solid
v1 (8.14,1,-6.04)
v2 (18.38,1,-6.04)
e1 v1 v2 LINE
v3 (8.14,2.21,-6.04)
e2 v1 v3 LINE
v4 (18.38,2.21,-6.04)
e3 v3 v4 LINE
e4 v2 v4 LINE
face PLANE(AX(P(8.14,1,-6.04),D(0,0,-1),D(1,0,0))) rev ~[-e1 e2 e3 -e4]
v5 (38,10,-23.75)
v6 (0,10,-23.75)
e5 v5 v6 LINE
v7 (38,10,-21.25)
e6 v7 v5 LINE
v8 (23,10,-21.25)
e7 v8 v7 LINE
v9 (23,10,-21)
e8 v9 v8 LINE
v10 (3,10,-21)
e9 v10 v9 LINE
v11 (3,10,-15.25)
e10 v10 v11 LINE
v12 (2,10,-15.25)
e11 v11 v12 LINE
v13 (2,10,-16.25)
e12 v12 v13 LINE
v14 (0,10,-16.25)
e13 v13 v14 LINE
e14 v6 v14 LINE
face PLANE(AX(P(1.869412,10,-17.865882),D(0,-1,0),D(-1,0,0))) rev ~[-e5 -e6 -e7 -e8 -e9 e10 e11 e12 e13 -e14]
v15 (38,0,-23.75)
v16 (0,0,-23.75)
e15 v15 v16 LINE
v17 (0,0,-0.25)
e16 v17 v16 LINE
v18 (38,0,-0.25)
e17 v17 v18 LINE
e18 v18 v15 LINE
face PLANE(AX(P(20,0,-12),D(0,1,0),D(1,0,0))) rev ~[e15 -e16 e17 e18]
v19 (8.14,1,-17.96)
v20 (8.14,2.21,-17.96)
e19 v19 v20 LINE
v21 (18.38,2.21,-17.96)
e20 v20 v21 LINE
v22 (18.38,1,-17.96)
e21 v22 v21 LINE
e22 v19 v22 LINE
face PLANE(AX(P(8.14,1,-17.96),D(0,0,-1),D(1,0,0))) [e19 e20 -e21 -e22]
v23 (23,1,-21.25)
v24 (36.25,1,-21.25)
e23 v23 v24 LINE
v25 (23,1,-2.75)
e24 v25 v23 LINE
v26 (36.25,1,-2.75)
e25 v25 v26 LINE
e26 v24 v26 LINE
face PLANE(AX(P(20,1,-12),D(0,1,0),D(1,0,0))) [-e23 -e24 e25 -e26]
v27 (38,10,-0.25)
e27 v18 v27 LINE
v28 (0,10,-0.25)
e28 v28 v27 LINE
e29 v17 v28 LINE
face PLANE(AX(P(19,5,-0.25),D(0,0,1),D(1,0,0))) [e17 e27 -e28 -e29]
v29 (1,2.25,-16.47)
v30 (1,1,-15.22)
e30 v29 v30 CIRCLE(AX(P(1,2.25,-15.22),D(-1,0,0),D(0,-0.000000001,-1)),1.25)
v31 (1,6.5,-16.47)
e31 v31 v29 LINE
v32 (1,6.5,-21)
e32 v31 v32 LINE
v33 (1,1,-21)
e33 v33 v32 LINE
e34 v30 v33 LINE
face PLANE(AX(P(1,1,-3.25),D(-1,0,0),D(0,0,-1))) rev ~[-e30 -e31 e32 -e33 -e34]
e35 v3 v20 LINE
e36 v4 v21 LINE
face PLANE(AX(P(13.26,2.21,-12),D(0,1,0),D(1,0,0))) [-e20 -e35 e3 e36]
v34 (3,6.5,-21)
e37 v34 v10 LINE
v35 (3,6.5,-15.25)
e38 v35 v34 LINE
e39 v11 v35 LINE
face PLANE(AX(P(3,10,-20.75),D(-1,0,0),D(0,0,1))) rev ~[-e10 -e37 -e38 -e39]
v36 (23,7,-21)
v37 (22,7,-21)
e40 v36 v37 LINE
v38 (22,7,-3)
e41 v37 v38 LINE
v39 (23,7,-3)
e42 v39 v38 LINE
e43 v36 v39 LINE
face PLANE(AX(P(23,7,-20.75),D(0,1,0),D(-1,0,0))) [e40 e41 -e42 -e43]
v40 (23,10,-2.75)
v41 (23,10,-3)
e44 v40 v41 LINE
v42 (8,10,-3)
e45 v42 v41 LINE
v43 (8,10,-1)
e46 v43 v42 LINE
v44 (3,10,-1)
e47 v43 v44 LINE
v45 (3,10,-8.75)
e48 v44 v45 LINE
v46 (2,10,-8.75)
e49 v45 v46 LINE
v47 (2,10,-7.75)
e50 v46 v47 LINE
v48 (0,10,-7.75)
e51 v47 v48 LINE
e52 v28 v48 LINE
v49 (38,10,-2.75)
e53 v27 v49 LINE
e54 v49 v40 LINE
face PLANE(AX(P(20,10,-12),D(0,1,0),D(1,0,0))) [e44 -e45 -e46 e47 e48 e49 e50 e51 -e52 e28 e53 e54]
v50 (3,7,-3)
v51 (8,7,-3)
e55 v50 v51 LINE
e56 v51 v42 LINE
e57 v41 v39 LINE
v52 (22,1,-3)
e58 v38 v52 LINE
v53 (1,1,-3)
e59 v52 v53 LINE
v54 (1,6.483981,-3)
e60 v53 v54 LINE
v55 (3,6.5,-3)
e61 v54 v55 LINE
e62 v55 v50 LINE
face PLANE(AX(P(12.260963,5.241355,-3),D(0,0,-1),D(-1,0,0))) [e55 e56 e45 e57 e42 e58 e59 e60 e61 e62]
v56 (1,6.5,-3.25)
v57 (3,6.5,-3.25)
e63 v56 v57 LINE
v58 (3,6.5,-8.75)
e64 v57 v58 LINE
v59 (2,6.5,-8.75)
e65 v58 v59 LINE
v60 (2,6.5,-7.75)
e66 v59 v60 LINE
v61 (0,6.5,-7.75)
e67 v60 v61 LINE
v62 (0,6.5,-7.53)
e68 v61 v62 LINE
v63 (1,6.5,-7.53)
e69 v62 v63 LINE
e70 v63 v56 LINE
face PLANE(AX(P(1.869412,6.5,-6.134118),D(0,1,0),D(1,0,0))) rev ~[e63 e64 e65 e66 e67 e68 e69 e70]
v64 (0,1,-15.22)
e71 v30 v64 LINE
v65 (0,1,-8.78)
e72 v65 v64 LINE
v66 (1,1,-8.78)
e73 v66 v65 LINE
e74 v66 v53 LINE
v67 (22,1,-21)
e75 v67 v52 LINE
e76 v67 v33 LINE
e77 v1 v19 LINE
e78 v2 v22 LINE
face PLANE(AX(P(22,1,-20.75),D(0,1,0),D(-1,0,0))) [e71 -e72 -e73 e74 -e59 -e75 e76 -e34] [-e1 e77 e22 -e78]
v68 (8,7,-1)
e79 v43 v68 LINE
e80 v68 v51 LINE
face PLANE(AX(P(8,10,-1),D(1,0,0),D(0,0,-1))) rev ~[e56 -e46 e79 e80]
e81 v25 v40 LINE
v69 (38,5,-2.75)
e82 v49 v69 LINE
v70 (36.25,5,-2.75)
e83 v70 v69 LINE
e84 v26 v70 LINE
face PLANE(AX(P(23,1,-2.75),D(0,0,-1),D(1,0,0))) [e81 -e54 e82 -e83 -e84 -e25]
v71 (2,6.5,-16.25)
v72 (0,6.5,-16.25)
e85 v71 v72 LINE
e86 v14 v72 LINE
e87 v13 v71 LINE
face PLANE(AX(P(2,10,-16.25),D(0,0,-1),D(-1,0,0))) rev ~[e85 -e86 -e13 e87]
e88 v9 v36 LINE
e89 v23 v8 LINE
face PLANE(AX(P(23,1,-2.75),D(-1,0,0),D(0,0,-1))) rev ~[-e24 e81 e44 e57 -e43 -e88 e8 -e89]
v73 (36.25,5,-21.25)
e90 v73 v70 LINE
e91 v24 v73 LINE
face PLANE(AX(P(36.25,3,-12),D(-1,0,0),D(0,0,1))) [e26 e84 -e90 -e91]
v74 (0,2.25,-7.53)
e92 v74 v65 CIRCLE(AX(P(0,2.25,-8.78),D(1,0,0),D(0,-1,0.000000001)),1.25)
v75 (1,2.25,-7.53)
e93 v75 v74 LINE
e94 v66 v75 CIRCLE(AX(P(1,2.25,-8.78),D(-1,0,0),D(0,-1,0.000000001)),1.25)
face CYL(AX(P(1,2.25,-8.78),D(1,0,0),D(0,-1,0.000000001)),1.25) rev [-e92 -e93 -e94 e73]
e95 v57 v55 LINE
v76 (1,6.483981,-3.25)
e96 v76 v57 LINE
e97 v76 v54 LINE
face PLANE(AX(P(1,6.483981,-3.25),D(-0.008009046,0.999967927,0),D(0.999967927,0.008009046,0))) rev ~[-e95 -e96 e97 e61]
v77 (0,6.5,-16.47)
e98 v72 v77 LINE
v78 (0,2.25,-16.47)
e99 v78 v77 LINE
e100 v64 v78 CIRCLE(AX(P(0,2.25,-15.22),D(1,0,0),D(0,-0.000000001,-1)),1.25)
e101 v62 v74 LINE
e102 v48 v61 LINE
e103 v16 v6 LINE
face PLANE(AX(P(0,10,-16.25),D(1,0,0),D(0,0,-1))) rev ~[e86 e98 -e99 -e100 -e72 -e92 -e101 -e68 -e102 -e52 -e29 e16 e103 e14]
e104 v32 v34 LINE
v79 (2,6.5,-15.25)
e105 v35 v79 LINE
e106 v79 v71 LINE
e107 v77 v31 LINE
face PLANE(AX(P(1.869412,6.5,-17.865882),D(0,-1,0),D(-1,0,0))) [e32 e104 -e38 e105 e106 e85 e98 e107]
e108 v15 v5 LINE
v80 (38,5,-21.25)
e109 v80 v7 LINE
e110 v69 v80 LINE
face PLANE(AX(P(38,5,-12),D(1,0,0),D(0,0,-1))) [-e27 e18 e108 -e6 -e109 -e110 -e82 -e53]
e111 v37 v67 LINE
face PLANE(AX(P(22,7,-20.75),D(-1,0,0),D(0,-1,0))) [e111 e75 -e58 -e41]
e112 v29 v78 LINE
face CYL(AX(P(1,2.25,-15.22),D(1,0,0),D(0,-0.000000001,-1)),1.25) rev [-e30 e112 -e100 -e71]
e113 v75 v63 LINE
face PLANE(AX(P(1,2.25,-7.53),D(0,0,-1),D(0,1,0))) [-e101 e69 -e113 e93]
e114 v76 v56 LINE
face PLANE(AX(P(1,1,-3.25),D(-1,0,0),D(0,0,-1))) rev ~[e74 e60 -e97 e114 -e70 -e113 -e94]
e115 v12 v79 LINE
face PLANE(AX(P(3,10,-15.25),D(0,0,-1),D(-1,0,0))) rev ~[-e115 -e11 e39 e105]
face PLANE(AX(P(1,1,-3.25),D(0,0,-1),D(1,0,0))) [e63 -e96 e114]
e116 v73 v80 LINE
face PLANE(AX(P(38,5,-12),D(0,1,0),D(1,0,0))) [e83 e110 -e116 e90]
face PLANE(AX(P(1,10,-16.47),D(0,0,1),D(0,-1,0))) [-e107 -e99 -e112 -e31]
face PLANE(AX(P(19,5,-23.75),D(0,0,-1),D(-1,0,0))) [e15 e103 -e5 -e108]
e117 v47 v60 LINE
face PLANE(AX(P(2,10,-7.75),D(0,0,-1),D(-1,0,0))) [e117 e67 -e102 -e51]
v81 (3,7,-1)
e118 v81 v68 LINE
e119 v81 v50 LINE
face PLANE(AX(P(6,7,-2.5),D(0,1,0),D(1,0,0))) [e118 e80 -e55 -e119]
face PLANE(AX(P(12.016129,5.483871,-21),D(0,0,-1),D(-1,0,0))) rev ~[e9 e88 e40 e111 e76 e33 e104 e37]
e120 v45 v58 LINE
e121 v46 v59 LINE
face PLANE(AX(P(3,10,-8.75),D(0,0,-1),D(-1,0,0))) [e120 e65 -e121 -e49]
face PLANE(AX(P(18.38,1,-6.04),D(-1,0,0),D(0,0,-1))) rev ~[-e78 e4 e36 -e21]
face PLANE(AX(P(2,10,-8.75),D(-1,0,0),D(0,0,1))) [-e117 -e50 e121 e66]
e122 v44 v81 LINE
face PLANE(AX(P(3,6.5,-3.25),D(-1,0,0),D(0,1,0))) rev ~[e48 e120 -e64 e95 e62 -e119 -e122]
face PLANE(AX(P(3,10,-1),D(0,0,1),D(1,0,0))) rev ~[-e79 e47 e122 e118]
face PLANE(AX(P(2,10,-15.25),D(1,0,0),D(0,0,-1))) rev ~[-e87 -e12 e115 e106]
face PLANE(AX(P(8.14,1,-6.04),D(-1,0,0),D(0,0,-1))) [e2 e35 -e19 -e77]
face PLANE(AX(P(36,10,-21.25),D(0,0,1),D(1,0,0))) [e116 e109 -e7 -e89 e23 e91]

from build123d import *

# Parameters (mm, degrees)
SKETCH1_W           = 40
SKETCH1_H           = 24
BOSS_EXTRUDE1_DEPTH = 1
SKETCH2_W           = 40
SKETCH2_H           = 24
SKETCH2_W_2         = 21
SKETCH2_H_2         = 17.5
SKETCH2_W_3         = 13
SKETCH2_H_3         = 18.5
BOSS_EXTRUDE3_DEPTH = 9
SKETCH3_W           = 1
SKETCH3_H           = 17.5
CUT_EXTRUDE2_DEPTH  = 3
SKETCH4_W           = 10.24
SKETCH4_H           = 11.92
BOSS_EXTRUDE4_DEPTH = 1.21
CUT_EXTRUDE3_DEPTH  = 2
SKETCH8_W           = 4
SKETCH8_H           = 18.5
CUT_EXTRUDE4_DEPTH  = 5
SKETCH11_W          = 24
SKETCH11_H          = 10
CUT_EXTRUDE5_DEPTH  = 2
SKETCH12_W          = 4
SKETCH12_H          = 3
CUT_EXTRUDE6_DEPTH  = 3
BOSS_EXTRUDE5_DEPTH = 3.5
SKETCH14_W          = 1
SKETCH14_H          = 2.25
CUT_EXTRUDE7_DEPTH  = 3
SKETCH15_W          = 38
SKETCH15_H          = 10
CUT_EXTRUDE8_DEPTH  = 0.25
SKETCH16_W          = 38
SKETCH16_H          = 10
CUT_EXTRUDE9_DEPTH  = 0.25
SKETCH17_W          = 18.5
SKETCH17_H          = 4
CUT_EXTRUDE10_DEPTH = 0.25
CUT_EXTRUDE11_DEPTH = 0.25
CUT_EXTRUDE12_DEPTH = 0.25


with BuildPart() as part:
    # Sketch1 → Boss-Extrude1 (new body)
    with BuildSketch(Plane(origin=(0, 0, 0), x_dir=(1, 0, 0), z_dir=(0, 1, 0))):
        with Locations((20, 12)):
            Rectangle(SKETCH1_W, SKETCH1_H)
    extrude(amount=BOSS_EXTRUDE1_DEPTH)

    # Sketch2 → Boss-Extrude3 (add)
    with BuildSketch(Plane(origin=(0, 1, 0), x_dir=(1, 0, 0), z_dir=(0, 1, 0))):
        with Locations((20, 12)):
            Rectangle(SKETCH2_W, SKETCH2_H)
        with Locations((11.5, 12)):
            Rectangle(SKETCH2_W_2, SKETCH2_H_2, mode=Mode.SUBTRACT)
        with Locations((29.5, 12)):
            Rectangle(SKETCH2_W_3, SKETCH2_H_3, mode=Mode.SUBTRACT)
    extrude(amount=BOSS_EXTRUDE3_DEPTH)

    # Sketch3 → Cut-Extrude2 (cut)
    with BuildSketch(Plane(origin=(0, 10, 0), x_dir=(1, 0, 0), z_dir=(0, 1, 0))):
        with Locations((22.5, 12)):
            Rectangle(SKETCH3_W, SKETCH3_H)
    extrude(amount=-CUT_EXTRUDE2_DEPTH, mode=Mode.SUBTRACT)

    # Sketch4 → Boss-Extrude4 (add)
    with BuildSketch(Plane(origin=(0, 1, 0), x_dir=(1, 0, 0), z_dir=(0, 1, 0))):
        with Locations((13.26, 12)):
            Rectangle(SKETCH4_W, SKETCH4_H)
    extrude(amount=BOSS_EXTRUDE4_DEPTH)

    # Sketch5 → Cut-Extrude3 (cut)
    with BuildSketch(Plane(origin=(1, 0, 0), x_dir=(0, 0, -1), z_dir=(1, 0, 0))):
        with BuildLine():
            Line((7.53, 2.25), (7.53, 2.96))
            Line((7.53, 2.96), (7.53, 10))
            Line((7.53, 10), (16.47, 10))
            Line((16.47, 10), (16.47, 2.96))
            Line((16.47, 2.96), (16.47, 2.25))
            ThreePointArc((16.47, 2.25), (16.103883476, 1.366116524), (15.22, 1))
            Line((15.22, 1), (8.78, 1))
            ThreePointArc((8.78, 1), (7.896116524, 1.366116524), (7.53, 2.25))
        make_face()
    extrude(amount=-CUT_EXTRUDE3_DEPTH, mode=Mode.SUBTRACT)

    # Sketch8 → Cut-Extrude4 (cut)
    with BuildSketch(Plane(origin=(0, 10, 0), x_dir=(1, 0, 0), z_dir=(0, 1, 0))):
        with Locations((38, 12)):
            Rectangle(SKETCH8_W, SKETCH8_H)
    extrude(amount=-CUT_EXTRUDE4_DEPTH, mode=Mode.SUBTRACT)

    # Sketch11 → Cut-Extrude5 (cut)
    with BuildSketch(Plane(origin=(40, 0, 0), x_dir=(0, 0, -1), z_dir=(1, 0, 0))):
        with Locations((12, 5)):
            Rectangle(SKETCH11_W, SKETCH11_H)
    extrude(amount=-CUT_EXTRUDE5_DEPTH, mode=Mode.SUBTRACT)

    # Sketch12 → Cut-Extrude6 (cut)
    with BuildSketch(Plane(origin=(0, 10, 0), x_dir=(1, 0, 0), z_dir=(0, 1, 0))):
        with Locations((6, 2.5)):
            Rectangle(SKETCH12_W, SKETCH12_H)
    extrude(amount=-CUT_EXTRUDE6_DEPTH, mode=Mode.SUBTRACT)

    # Sketch13 → Boss-Extrude5 (add)
    with BuildSketch(Plane(origin=(0, 10, 0), x_dir=(1, 0, 0), z_dir=(0, 1, 0))):
        Polygon((1, 16.47), (1, 20.75), (3, 20.75), (3, 15.25), (2, 15.25), (2, 16.25), (0, 16.25), (0, 16.47), align=None)
        Polygon((1, 3.25), (3, 3.25), (3, 8.75), (2, 8.75), (2, 7.75), (0, 7.75), (0, 7.53), (1, 7.53), align=None)
    extrude(amount=-BOSS_EXTRUDE5_DEPTH)

    # Sketch14 → Cut-Extrude7 (cut)
    with BuildSketch(Plane(origin=(0, 10, 0), x_dir=(1, 0, 0), z_dir=(0, 1, 0))):
        with Locations((3.5, 2.125)):
            Rectangle(SKETCH14_W, SKETCH14_H)
    extrude(amount=-CUT_EXTRUDE7_DEPTH, mode=Mode.SUBTRACT)

    # Sketch15 → Cut-Extrude8 (cut)
    with BuildSketch(Plane(origin=(0, 0, -24), x_dir=(-1, 0, 0), z_dir=(0, 0, -1))):
        with Locations((-19, 5)):
            Rectangle(SKETCH15_W, SKETCH15_H)
    extrude(amount=-CUT_EXTRUDE8_DEPTH, mode=Mode.SUBTRACT)

    # Sketch16 → Cut-Extrude9 (cut)
    with BuildSketch(Plane.XY):
        with Locations((19, 5)):
            Rectangle(SKETCH16_W, SKETCH16_H)
    extrude(amount=-CUT_EXTRUDE9_DEPTH, mode=Mode.SUBTRACT)

    # Sketch17 → Cut-Extrude10 (cut)
    with BuildSketch(Plane.ZY.offset(-36)):
        with Locations((-12, 3)):
            Rectangle(SKETCH17_W, SKETCH17_H)
    extrude(amount=-CUT_EXTRUDE10_DEPTH, mode=Mode.SUBTRACT)

    # Sketch18 → Cut-Extrude11 (cut)
    with BuildSketch(Plane(origin=(0, 0, -3.25), x_dir=(-1, 0, 0), z_dir=(0, 0, -1))):
        Polygon((-1, 1), (-1, 6.483981395), (-3, 6.5), (-3, 7), (-8, 7), (-8, 10), (-23, 10), (-23, 7), (-22, 7), (-22, 1), align=None)
    extrude(amount=-CUT_EXTRUDE11_DEPTH, mode=Mode.SUBTRACT)

    # Sketch19 → Cut-Extrude12 (cut)
    with BuildSketch(Plane.XY.offset(-20.75)):
        Polygon((1, 1), (1, 6.5), (3, 6.5), (3, 10), (23, 10), (23, 7), (22, 7), (22, 1), align=None)
    extrude(amount=-CUT_EXTRUDE12_DEPTH, mode=Mode.SUBTRACT)


solid = part.part
